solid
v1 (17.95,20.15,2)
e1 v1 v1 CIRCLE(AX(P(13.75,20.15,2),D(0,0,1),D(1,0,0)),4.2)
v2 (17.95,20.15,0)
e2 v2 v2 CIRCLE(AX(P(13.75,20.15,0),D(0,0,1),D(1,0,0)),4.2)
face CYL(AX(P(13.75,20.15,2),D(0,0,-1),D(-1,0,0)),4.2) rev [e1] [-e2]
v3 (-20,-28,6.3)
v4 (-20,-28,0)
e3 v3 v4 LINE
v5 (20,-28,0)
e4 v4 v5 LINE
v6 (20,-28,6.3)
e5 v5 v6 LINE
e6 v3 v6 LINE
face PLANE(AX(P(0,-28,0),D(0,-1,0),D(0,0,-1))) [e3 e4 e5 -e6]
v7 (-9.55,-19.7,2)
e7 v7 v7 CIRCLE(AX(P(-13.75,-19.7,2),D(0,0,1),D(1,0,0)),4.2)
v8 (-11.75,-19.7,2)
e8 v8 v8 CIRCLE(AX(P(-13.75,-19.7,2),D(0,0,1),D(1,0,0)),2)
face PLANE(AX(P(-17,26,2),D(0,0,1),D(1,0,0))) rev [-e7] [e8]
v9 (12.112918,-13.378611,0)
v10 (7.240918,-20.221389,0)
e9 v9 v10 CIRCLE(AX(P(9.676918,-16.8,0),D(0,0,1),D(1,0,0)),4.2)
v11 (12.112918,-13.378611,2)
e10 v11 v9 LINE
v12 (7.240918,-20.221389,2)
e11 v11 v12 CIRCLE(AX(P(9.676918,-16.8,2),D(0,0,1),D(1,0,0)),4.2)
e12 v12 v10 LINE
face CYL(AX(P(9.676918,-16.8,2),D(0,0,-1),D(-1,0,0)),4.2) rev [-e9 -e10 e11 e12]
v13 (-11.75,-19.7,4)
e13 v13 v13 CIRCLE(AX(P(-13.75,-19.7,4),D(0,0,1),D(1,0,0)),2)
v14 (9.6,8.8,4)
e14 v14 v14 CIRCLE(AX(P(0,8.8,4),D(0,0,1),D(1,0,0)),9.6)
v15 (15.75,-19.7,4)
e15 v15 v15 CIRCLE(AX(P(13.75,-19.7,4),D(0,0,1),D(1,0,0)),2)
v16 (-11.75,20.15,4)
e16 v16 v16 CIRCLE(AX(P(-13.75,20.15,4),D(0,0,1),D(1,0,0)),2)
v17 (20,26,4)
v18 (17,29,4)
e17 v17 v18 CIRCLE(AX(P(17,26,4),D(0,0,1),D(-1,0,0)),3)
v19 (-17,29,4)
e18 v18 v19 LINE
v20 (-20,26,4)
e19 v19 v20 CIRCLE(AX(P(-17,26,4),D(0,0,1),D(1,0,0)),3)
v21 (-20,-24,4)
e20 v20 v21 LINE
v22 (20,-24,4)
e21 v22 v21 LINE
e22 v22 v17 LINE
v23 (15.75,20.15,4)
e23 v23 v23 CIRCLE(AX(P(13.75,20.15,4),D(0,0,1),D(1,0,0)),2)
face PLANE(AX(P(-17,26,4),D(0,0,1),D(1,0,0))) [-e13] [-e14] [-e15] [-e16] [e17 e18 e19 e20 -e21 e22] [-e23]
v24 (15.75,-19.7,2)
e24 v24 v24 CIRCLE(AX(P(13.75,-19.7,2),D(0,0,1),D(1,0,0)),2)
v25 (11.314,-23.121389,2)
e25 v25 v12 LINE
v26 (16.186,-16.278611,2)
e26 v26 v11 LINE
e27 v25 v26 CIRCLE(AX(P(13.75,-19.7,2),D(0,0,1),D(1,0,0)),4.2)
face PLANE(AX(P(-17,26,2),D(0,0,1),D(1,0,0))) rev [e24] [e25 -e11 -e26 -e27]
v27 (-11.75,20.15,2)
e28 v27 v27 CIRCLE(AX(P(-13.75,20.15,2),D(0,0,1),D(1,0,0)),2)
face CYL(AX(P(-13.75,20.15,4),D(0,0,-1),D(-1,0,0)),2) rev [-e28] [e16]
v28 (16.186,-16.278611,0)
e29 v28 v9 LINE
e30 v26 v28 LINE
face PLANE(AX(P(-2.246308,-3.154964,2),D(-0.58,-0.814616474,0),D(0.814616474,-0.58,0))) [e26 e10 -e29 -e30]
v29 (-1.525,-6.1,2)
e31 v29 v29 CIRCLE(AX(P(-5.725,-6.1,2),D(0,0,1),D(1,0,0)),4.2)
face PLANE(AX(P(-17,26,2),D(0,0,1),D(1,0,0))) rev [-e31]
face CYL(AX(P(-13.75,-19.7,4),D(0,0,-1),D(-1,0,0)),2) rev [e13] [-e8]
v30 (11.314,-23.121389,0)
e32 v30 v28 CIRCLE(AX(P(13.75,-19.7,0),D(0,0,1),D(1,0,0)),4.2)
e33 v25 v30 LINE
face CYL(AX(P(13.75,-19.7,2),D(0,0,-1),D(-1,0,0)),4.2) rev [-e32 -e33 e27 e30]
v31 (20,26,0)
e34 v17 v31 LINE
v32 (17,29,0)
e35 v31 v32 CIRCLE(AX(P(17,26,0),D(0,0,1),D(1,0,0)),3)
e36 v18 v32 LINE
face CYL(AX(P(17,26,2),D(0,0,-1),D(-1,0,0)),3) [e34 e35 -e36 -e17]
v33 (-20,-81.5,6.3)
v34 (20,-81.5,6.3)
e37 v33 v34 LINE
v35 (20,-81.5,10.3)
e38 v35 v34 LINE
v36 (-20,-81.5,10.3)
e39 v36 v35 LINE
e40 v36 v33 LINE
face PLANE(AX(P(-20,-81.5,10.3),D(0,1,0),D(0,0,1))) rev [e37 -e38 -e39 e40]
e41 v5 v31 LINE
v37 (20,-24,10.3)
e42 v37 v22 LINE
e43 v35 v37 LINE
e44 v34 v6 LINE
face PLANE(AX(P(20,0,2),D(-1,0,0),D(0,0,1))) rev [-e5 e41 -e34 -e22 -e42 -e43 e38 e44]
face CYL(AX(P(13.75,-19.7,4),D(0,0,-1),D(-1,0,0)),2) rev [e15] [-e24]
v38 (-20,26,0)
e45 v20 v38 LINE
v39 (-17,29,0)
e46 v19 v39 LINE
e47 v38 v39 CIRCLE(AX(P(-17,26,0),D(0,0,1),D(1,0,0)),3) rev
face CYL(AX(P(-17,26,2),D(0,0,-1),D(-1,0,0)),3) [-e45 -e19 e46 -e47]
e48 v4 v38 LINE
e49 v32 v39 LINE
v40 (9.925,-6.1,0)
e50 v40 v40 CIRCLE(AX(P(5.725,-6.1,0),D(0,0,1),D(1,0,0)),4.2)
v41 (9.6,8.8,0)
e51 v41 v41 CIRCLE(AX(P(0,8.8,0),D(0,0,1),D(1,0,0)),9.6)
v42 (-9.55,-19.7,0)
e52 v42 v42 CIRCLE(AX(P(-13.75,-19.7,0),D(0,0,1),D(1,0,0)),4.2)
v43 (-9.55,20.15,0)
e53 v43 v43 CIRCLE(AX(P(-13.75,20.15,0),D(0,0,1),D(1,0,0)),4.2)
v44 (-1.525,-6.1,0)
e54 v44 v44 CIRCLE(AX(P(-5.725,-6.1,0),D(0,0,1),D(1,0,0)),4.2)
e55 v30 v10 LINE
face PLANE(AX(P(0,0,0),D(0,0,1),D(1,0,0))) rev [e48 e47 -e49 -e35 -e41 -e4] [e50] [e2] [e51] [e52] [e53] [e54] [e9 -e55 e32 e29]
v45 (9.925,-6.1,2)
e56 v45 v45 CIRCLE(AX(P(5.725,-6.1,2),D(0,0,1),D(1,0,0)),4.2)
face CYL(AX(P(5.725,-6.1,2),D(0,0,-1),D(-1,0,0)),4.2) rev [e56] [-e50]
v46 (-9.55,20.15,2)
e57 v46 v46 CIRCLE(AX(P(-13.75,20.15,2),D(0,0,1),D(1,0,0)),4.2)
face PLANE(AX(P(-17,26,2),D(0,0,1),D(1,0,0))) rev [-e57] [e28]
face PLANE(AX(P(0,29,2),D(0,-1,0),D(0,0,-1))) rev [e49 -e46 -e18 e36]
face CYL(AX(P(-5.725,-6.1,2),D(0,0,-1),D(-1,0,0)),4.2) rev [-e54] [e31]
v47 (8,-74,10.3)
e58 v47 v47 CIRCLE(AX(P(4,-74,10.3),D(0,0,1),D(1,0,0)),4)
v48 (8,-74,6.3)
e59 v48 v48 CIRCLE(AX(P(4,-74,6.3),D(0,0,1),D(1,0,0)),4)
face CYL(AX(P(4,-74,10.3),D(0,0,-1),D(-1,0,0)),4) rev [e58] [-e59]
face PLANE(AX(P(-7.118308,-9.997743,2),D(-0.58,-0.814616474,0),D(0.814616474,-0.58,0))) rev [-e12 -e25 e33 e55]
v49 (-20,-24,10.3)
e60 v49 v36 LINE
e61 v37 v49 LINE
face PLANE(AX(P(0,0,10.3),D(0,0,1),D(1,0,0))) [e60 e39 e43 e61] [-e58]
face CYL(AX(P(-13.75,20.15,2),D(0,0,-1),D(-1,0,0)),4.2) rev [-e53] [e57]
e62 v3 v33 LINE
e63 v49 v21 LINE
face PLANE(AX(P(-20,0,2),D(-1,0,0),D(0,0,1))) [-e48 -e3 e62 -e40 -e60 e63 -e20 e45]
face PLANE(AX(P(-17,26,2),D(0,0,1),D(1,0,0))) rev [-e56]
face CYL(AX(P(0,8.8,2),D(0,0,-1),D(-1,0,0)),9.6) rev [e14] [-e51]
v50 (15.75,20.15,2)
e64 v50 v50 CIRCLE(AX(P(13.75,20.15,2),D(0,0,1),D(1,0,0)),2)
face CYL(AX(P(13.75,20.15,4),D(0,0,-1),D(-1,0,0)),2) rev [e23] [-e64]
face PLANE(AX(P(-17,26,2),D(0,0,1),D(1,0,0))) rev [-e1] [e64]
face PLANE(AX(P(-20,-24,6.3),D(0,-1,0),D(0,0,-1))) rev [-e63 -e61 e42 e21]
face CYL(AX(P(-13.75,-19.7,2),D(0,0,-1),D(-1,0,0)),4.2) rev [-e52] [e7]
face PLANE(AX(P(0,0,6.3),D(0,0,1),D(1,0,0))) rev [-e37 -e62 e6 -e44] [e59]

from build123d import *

# Parameters (mm, degrees)
SKETCH1_R           = 4.2
SKETCH1_R_2         = 9.6
BOSS_EXTRUDE1_DEPTH = 2
SKETCH2_W           = 40
SKETCH2_H           = 2
CUT_EXTRUDE1_DEPTH  = 1
SKETCH4_R           = 2
SKETCH4_R_2         = 9.6
BOSS_EXTRUDE3_DEPTH = 2
SKETCH5_W           = 40
SKETCH5_H           = 4
BOSS_EXTRUDE4_DEPTH = 2.3
SKETCH7_W           = 40
SKETCH7_H           = 57.5
SKETCH7_R           = 4
BOSS_EXTRUDE6_DEPTH = 4


with BuildPart() as part:
    # Sketch1 → Boss-Extrude1 (new body)
    with BuildSketch(Plane.XY):
        with BuildLine():
            Line((20, -29), (-20, -29))
            Line((-20, -29), (-20, 26))
            ThreePointArc((-20, 26), (-19.121320344, 28.121320344), (-17, 29))
            Line((-17, 29), (17, 29))
            ThreePointArc((17, 29), (19.121320344, 28.121320344), (20, 26))
            Line((20, 26), (20, -29))
        make_face()
        with Locations((-13.75, 20.15)):
            Circle(SKETCH1_R, mode=Mode.SUBTRACT)
        with Locations((13.75, 20.15)):
            Circle(SKETCH1_R, mode=Mode.SUBTRACT)
        with Locations((-13.75, -19.7)):
            Circle(SKETCH1_R, mode=Mode.SUBTRACT)
        with Locations((0, 8.8)):
            Circle(SKETCH1_R_2, mode=Mode.SUBTRACT)
        with Locations((-5.725, -6.1)):
            Circle(SKETCH1_R, mode=Mode.SUBTRACT)
        with Locations((5.725, -6.1)):
            Circle(SKETCH1_R, mode=Mode.SUBTRACT)
        with BuildLine():
            Line((11.314, -23.121389192), (7.240917629, -20.221389192))
            ThreePointArc((7.240917629, -20.221389192), (6.255528438, -14.364), (12.112917629, -13.378610808))
            Line((12.112917629, -13.378610808), (16.186, -16.278610808))
            ThreePointArc((16.186, -16.278610808), (17.171389192, -22.136), (11.314, -23.121389192))
        make_face(mode=Mode.SUBTRACT)
    extrude(amount=BOSS_EXTRUDE1_DEPTH)

    # Sketch2 → Cut-Extrude1 (cut)
    with BuildSketch(Plane.XZ.offset(29)):
        with Locations((0, 1)):
            Rectangle(SKETCH2_W, SKETCH2_H)
    extrude(amount=-CUT_EXTRUDE1_DEPTH, mode=Mode.SUBTRACT)

    # Sketch4 → Boss-Extrude3 (add)
    with BuildSketch(Plane.XY.offset(2)):
        with BuildLine():
            Line((-17, 29), (17, 29))
            ThreePointArc((17, 29), (19.121320344, 28.121320344), (20, 26))
            Line((20, 26), (20, -28))
            Line((20, -28), (-20, -28))
            Line((-20, -28), (-20, 26))
            ThreePointArc((-20, 26), (-19.121320344, 28.121320344), (-17, 29))
        make_face()
        with Locations((-13.75, -19.7)):
            Circle(SKETCH4_R, mode=Mode.SUBTRACT)
        with Locations((-13.75, 20.15)):
            Circle(SKETCH4_R, mode=Mode.SUBTRACT)
        with Locations((13.75, 20.15)):
            Circle(SKETCH4_R, mode=Mode.SUBTRACT)
        with Locations((13.75, -19.7)):
            Circle(SKETCH4_R, mode=Mode.SUBTRACT)
        with Locations((0, 8.8)):
            Circle(SKETCH4_R_2, mode=Mode.SUBTRACT)
    extrude(amount=BOSS_EXTRUDE3_DEPTH)

    # Sketch5 → Boss-Extrude4 (add)
    with BuildSketch(Plane.XY.offset(4)):
        with Locations((0, -26)):
            Rectangle(SKETCH5_W, SKETCH5_H)
    extrude(amount=BOSS_EXTRUDE4_DEPTH)

    # Sketch7 → Boss-Extrude6 (add)
    with BuildSketch(Plane.XY.offset(6.3)):
        with Locations((0, -52.75)):
            Rectangle(SKETCH7_W, SKETCH7_H)
        with Locations((4, -74)):
            Circle(SKETCH7_R, mode=Mode.SUBTRACT)
    extrude(amount=BOSS_EXTRUDE6_DEPTH)


solid = part.part
